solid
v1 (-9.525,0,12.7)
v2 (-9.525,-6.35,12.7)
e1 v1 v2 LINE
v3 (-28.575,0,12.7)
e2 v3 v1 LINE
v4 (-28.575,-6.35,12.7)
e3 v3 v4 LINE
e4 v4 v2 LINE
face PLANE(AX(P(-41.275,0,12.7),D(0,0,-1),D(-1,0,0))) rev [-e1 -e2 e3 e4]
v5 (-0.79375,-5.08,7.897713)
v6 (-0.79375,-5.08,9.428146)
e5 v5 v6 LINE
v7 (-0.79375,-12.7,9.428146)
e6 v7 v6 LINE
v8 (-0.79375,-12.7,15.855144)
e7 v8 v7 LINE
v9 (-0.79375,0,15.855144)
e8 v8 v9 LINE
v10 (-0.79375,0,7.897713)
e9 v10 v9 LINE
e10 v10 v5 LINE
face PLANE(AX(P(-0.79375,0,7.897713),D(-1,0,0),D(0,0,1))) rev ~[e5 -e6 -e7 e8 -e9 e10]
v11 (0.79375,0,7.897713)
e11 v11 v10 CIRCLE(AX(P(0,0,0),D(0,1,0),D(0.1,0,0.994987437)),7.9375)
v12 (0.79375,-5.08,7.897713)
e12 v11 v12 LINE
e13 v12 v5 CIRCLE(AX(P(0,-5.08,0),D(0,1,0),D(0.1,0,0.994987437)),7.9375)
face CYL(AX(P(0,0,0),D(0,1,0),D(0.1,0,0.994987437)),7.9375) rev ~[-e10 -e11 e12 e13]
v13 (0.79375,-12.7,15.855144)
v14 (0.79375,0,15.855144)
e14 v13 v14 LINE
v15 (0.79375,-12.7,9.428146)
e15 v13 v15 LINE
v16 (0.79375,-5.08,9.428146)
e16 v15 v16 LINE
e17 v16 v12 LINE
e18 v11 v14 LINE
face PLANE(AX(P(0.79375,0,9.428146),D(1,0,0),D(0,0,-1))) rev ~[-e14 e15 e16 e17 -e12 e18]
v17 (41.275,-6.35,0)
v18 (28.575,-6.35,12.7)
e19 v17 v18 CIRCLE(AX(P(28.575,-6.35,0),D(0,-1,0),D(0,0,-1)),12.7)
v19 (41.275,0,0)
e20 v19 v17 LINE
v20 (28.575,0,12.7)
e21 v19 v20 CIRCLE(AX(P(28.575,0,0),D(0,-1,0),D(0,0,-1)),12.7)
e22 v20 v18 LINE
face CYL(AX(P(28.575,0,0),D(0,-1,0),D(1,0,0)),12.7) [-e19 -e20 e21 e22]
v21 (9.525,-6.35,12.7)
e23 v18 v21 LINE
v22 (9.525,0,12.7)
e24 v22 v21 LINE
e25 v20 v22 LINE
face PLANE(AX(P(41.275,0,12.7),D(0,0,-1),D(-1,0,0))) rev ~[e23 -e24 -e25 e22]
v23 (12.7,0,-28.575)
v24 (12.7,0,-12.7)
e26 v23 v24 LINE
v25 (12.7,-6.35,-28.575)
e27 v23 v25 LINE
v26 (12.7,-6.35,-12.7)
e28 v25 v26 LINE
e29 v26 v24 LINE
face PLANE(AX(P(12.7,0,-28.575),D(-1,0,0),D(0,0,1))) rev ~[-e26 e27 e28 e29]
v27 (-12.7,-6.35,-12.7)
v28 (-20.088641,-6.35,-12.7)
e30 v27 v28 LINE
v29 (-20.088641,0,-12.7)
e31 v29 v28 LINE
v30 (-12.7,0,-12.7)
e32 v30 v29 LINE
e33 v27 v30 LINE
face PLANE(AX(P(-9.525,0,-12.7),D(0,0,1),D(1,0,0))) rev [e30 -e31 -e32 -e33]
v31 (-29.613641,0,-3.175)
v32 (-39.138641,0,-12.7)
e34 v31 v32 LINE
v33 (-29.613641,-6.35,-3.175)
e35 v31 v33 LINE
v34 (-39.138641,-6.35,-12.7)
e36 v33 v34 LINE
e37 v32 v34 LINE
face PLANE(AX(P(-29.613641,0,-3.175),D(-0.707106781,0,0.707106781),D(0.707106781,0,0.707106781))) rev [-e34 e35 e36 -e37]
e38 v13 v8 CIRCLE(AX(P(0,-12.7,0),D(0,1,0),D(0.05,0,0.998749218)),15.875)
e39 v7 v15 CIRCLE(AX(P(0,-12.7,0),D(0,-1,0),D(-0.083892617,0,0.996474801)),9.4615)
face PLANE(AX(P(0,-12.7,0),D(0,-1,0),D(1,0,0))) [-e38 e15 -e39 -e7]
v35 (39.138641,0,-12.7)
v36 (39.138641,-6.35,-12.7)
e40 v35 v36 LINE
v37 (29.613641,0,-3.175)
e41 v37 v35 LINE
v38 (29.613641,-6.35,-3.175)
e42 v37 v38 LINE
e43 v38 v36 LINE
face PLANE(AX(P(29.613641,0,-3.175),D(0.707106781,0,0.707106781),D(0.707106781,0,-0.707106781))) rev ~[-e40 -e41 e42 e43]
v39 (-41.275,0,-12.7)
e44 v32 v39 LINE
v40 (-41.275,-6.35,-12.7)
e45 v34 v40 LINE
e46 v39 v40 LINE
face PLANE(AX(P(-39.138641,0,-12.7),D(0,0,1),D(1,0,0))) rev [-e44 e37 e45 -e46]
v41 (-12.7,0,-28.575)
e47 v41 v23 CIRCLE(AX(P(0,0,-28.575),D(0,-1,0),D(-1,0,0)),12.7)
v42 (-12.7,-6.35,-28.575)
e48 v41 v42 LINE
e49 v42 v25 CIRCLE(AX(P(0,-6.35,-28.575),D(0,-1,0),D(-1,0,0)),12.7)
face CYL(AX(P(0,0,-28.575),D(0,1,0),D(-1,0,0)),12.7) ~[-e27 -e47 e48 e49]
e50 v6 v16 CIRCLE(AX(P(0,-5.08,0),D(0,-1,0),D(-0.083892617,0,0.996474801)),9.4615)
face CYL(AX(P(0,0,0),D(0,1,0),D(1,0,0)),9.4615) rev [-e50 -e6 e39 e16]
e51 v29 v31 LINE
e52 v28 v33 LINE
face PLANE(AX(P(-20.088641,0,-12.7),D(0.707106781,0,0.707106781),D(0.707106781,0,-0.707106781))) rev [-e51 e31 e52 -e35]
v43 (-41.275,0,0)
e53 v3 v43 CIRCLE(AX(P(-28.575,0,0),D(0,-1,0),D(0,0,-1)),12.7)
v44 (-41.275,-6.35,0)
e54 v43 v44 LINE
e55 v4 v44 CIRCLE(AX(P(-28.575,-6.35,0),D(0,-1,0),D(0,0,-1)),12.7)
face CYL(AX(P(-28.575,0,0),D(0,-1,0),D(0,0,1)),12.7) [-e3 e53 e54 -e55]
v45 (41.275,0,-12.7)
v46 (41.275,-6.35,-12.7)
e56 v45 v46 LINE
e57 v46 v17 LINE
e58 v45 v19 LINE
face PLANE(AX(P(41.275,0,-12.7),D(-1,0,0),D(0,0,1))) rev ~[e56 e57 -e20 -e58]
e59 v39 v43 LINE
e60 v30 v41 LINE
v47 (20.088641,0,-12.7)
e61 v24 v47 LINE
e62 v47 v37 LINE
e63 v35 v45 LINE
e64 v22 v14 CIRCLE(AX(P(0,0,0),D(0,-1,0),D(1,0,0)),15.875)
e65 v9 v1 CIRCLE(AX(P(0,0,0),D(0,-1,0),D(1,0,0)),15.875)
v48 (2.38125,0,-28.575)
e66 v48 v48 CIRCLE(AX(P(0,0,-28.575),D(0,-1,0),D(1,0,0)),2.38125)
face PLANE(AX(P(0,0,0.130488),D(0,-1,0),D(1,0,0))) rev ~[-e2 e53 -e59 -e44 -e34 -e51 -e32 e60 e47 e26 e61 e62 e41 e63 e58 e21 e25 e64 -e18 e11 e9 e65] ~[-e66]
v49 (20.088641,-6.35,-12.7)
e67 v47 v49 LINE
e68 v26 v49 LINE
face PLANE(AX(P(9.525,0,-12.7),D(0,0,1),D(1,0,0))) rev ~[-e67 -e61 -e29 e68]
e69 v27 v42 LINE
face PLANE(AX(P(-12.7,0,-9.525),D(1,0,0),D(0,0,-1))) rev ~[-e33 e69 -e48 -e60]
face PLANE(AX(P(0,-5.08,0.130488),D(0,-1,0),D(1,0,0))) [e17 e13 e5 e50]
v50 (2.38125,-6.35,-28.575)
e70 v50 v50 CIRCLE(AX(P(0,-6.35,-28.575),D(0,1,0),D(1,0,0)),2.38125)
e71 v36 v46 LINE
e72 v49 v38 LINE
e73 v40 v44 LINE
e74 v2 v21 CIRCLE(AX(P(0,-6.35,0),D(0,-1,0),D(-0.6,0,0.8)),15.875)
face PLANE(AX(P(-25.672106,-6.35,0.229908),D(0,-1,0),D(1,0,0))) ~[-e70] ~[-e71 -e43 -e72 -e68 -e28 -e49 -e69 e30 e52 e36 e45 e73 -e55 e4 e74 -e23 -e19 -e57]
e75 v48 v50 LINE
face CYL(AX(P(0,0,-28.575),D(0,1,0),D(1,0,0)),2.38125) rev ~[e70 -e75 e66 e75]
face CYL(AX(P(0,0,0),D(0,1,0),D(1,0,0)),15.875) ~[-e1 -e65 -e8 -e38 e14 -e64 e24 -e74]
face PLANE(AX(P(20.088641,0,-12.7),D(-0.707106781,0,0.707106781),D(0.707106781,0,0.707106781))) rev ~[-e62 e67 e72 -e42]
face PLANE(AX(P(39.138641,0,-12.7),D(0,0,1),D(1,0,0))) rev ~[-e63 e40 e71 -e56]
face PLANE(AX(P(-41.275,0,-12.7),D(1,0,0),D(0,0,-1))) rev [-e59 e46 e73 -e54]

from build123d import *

# Parameters (mm, degrees)
F0_R      = 15.875
F0_R_2    = 9.4615
F1_DEPTH  = 12.7
F3_DEPTH  = 6.35
F5_DEPTH  = 6.35
F7_R      = 12.7
F8_W      = 1.5875
F8_H      = 18.0220451
F9_DEPTH  = 12.701
F11_DEPTH = 5.08


with BuildPart() as f1:
    # F0 (on Front) → F1 (new body)
    with BuildSketch(Plane.XZ):
        Circle(F0_R)
        Circle(F0_R_2, mode=Mode.SUBTRACT)
    extrude(amount=F1_DEPTH)

    # F2 (on Front) → F3 (join)
    with BuildSketch(Plane.XZ):
        with BuildLine():
            Line((12.7, -9.525), (-12.7, -9.525))
            Line((-12.7, -9.525), (-12.7, -28.575))
            Line((-12.7, -28.575), (-2.38125, -28.575))
            ThreePointArc((-2.38125, -28.575), (0, -26.19375), (2.38125, -28.575))
            Line((2.38125, -28.575), (12.7, -28.575))
            Line((12.7, -28.575), (12.7, -9.525))
        make_face()
        with BuildLine():
            Line((-2.38125, -28.575), (-12.7, -28.575))
            ThreePointArc((-12.7, -28.575), (0, -41.275), (12.7, -28.575))
            Line((12.7, -28.575), (2.38125, -28.575))
            ThreePointArc((2.38125, -28.575), (0, -30.95625), (-2.38125, -28.575))
        make_face()
    extrude(amount=F3_DEPTH)

    # F4 (on Front) → F5 (join)
    with BuildSketch(Plane.XZ):
        Polygon((41.275, 12.7), (9.525, 12.7), (9.525, -12.7), (20.088640973, -12.7), (29.613640973, -3.175), (39.138640973, -12.7), (41.275, -12.7), align=None)
    extrude(amount=F5_DEPTH)

    # F6: F1 across plane


with BuildPart() as f1_1:
    add(f1.part)
    add(f1.part.mirror(Plane.YZ))

    # F7
    f7_edges = [f1_1.edges().sort_by_distance(p)[0] for p in [
        (41.275, -3.175, 12.7),
        (-41.275, -3.175, 12.7),
    ]]
    fillet(f7_edges, radius=F7_R)

    # F8 (on Front) → F9 (cut, through all)
    with BuildSketch(Plane.XZ):
        with Locations((0, 9.5910543679)):
            Rectangle(F8_W, F8_H)
    extrude(amount=F9_DEPTH, mode=Mode.SUBTRACT)

    # F10 (on Front) → F11 (join)
    with BuildSketch(Plane.XZ):
        with BuildLine():
            Line((-0.79375, 7.897712782), (-0.79375, 9.4281463283))
            ThreePointArc((-0.79375, 9.4281463283), (0, -9.4615), (0.79375, 9.4281463283))
            Line((0.79375, 9.4281463283), (0.79375, 7.897712782))
            ThreePointArc((0.79375, 7.897712782), (0, -7.9375), (-0.79375, 7.897712782))
        make_face()
    extrude(amount=F11_DEPTH)


solid = f1_1.part
